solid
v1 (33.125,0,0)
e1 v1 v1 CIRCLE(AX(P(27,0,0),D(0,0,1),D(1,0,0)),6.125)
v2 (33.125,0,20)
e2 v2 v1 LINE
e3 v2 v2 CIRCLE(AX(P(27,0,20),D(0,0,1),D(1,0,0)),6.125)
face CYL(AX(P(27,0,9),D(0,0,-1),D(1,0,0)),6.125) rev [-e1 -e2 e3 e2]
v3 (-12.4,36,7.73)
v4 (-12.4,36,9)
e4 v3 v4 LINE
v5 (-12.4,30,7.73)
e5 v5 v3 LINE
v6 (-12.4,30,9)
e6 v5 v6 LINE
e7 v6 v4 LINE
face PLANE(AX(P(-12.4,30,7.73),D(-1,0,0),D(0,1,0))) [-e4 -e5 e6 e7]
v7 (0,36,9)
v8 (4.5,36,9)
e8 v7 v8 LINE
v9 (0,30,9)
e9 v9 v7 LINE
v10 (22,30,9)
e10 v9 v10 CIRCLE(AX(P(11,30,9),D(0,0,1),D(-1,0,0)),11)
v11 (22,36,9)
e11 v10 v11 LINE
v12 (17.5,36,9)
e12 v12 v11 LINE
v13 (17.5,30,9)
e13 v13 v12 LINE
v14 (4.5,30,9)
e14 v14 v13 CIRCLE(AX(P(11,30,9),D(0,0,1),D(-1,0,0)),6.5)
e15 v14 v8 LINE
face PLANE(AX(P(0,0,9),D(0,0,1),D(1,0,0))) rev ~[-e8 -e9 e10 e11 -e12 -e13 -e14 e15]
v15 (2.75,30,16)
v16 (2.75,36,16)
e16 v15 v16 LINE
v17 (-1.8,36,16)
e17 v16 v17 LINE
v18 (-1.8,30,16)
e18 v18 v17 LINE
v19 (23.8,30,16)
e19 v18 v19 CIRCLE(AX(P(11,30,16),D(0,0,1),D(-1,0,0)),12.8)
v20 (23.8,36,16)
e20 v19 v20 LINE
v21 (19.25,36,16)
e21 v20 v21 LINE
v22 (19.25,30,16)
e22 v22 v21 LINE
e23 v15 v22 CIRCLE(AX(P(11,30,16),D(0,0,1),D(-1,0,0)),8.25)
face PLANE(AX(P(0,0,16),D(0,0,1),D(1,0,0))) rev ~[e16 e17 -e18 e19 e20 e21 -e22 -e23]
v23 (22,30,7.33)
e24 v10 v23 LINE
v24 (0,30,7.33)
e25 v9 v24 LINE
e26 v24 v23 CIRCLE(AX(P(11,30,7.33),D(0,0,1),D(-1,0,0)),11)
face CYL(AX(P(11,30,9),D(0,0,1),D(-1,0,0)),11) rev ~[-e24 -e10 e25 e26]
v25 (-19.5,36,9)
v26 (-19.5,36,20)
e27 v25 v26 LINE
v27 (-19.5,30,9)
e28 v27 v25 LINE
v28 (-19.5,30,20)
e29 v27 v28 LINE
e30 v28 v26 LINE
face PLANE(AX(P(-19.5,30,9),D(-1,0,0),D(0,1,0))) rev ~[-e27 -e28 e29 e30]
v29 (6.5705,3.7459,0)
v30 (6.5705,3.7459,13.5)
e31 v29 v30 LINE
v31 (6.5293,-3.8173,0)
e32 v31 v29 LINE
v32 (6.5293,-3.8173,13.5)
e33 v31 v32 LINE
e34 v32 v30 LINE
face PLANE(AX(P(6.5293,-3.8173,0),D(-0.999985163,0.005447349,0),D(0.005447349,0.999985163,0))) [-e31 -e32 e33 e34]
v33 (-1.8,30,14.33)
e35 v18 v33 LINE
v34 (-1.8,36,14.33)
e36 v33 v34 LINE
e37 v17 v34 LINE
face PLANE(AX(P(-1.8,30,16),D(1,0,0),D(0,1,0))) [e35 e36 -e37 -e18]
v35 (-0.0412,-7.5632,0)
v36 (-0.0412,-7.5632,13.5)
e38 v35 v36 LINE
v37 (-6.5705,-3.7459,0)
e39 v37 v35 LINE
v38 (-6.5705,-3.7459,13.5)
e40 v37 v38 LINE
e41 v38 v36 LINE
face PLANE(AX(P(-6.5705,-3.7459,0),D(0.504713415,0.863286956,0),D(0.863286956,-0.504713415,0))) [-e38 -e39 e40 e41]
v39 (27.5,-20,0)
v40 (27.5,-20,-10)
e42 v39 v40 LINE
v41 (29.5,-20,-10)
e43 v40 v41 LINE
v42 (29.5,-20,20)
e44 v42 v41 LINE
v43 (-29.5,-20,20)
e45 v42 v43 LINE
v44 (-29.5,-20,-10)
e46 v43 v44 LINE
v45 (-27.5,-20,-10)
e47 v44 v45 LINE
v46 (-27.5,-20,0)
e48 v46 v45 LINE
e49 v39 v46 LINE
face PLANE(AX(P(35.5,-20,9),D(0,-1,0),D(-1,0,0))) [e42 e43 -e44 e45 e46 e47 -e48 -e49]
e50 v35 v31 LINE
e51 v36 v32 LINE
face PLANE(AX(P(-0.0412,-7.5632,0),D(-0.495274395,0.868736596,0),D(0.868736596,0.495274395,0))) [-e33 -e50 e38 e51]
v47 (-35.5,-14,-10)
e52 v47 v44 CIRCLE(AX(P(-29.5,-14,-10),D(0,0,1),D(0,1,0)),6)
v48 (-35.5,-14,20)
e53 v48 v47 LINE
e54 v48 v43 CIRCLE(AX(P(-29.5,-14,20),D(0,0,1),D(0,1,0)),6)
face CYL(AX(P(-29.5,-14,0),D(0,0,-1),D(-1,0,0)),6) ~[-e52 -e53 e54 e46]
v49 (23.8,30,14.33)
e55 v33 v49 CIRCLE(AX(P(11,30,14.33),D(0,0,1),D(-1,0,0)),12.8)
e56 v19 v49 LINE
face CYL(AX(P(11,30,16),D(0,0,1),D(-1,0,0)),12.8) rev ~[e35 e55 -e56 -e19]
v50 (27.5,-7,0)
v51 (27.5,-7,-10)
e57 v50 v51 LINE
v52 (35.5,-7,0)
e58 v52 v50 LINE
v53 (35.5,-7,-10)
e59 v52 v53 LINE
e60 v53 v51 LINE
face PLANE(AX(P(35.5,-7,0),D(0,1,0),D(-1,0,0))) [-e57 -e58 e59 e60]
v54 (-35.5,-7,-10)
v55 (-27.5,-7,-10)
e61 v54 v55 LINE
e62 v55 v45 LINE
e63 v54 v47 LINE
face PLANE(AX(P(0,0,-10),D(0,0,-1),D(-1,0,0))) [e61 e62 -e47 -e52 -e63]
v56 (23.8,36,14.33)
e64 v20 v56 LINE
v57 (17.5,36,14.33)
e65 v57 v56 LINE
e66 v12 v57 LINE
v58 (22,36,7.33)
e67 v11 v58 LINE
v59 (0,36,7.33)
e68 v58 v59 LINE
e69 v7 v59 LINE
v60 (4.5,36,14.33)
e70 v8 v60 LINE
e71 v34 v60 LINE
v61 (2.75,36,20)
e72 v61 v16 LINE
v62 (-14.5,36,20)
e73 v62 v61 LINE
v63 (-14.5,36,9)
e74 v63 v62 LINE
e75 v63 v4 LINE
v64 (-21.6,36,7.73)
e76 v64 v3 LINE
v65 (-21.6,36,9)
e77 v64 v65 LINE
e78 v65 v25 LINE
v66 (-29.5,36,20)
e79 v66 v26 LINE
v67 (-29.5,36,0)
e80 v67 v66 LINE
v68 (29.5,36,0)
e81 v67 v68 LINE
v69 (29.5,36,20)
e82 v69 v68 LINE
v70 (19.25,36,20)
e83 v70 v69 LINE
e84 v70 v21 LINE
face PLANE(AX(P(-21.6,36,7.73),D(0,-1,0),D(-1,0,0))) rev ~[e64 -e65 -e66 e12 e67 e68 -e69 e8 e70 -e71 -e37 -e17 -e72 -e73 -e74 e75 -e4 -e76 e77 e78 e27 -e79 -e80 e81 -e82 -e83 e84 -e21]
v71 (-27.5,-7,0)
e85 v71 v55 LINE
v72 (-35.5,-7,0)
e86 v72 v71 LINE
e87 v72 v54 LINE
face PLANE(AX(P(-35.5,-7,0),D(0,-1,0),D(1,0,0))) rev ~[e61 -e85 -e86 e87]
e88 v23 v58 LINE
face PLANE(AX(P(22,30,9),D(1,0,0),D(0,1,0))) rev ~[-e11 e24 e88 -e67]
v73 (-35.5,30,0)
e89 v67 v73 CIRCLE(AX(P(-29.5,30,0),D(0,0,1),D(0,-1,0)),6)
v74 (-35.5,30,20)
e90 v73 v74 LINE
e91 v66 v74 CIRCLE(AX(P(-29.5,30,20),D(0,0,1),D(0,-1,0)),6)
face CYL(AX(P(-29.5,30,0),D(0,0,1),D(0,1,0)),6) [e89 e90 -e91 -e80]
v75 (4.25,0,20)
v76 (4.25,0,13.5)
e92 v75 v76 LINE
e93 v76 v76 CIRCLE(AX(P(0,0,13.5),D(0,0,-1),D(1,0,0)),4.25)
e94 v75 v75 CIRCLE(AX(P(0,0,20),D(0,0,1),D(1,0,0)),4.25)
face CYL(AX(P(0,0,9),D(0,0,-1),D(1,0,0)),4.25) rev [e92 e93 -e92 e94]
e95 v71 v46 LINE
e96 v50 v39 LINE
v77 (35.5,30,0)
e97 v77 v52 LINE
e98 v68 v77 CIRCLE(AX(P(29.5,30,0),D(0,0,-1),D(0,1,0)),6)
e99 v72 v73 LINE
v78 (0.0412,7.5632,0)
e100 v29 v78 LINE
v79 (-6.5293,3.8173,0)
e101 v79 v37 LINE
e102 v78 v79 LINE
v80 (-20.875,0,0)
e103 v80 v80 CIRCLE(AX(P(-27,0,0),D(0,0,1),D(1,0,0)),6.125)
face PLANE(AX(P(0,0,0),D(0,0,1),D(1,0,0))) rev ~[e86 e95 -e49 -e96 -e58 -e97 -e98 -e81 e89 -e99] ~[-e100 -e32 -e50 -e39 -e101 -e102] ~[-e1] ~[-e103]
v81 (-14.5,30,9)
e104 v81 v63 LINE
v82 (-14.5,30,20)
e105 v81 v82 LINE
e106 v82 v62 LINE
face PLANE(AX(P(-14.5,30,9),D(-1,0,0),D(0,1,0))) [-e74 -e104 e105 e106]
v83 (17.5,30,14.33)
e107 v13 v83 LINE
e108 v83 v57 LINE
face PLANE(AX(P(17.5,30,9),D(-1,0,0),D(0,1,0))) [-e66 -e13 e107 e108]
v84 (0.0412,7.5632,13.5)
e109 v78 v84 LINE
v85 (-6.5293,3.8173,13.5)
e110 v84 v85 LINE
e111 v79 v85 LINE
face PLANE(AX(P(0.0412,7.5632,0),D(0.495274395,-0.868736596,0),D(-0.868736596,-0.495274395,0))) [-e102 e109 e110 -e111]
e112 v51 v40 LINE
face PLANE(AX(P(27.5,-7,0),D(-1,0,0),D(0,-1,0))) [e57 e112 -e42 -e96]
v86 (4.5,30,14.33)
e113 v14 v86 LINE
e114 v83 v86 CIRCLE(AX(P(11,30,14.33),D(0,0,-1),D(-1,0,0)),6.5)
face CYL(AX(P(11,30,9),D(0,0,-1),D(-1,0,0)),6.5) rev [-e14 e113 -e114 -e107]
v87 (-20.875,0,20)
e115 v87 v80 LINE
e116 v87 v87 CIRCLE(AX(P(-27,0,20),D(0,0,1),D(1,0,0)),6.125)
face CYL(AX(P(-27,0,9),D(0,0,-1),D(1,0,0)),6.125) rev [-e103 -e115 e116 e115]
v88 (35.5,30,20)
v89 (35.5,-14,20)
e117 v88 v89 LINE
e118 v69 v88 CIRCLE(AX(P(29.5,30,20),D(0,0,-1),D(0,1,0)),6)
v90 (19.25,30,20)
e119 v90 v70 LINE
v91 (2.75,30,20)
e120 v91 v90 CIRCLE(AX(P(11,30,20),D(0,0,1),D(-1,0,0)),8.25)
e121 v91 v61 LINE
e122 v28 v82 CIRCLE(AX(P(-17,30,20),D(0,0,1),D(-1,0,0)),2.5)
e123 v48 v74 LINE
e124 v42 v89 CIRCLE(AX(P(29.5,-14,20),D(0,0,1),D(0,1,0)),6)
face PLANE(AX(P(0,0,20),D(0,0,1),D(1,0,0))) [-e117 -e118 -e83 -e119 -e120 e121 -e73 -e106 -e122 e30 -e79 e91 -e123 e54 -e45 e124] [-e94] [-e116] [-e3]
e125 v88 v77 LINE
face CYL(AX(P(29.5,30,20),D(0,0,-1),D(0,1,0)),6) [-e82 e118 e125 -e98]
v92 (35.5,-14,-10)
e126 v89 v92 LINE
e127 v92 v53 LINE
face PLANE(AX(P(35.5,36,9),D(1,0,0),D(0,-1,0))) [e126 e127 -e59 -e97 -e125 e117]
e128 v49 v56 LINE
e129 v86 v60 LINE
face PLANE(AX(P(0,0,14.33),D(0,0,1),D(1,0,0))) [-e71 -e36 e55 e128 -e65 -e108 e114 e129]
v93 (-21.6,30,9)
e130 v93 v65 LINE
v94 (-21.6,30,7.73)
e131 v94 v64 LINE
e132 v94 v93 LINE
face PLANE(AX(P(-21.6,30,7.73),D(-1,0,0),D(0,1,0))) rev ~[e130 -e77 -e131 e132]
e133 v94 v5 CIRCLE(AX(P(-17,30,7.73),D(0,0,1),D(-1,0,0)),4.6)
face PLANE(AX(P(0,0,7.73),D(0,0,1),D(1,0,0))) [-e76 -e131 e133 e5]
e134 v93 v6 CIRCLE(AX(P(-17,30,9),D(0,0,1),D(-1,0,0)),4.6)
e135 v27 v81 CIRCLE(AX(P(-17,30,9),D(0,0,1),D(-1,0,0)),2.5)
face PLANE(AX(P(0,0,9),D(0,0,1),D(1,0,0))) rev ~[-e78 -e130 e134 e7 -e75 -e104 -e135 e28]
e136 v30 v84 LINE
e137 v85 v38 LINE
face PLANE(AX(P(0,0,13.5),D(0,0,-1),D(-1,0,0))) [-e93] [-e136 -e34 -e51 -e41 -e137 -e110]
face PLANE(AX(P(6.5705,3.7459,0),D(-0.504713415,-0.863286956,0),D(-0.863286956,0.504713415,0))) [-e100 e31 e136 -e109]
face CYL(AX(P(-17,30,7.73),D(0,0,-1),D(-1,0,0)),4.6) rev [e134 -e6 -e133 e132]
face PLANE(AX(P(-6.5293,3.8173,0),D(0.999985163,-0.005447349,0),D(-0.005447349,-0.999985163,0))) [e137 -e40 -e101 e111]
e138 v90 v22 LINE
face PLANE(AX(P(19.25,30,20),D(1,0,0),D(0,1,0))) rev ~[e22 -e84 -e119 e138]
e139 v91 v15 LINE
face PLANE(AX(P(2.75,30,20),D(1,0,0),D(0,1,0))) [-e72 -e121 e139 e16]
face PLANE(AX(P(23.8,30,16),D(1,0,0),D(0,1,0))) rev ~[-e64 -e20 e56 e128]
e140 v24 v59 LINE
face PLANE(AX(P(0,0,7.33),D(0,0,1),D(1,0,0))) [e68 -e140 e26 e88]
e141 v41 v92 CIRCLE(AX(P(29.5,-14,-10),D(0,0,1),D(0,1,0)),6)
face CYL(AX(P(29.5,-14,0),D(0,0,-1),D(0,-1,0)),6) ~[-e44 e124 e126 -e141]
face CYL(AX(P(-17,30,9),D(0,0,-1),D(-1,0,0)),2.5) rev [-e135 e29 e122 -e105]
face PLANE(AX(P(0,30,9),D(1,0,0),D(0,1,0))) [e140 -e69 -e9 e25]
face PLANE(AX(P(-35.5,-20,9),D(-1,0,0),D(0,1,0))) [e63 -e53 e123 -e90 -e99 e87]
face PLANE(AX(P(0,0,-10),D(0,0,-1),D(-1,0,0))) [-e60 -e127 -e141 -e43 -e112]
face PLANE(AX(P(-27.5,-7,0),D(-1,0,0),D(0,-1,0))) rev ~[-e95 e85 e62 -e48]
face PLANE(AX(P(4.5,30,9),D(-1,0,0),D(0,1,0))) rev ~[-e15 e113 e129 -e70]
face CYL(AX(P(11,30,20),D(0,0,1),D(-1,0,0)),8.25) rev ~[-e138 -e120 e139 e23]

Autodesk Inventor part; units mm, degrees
ref_plane "YZ Plane" through (0, 0, 0) normal (1, 0, 0) x (0, 1, 0)
ref_plane "XZ Plane" through (0, 0, 0) normal (0, 1, 0) x (-1, 0, 0)
ref_plane "XY Plane" through (0, 0, 0) normal (0, 0, 1) x (1, 0, 0)
sketch "Skizze1" plane through (0, 0, 0) normal (0, 0, 1) x (1, 0, 0)
  line L0 (-35.5, 36) -> (35.5, 36)
  line L1 (35.5, 36) -> (35.5, -20)
  line L2 (35.5, -20) -> (-35.5, -20)
  line L3 (-35.5, -20) -> (-35.5, 36)
  circle A0 centre (0, 0) radius 4.25
  circle A1 centre (-27, 0) radius 6.125
  circle A2 centre (27, 0) radius 6.125
  point P0 (0, -20)
  point P1 (35.5, 8)
  dimension "d0" = 71
  dimension "d1" = 56
  dimension "d2" = 20
  dimension "d3" = 35.5
  dimension "d4" = 8.5
  dimension "d5" = 12.25
  dimension "d6" = 12.25
  dimension "d7" = 27
  dimension "d8" = 27
extrude "Extrusion1" add sketch "Skizze1" along normal blind 9
sketch "Skizze2" plane through (0, 0, 9) normal (0, 0, 1) x (1, 0, 0)
  arc A0 (-22.5, 30) -> (-11.5, 30) centre (-17, 30) ccw
  arc A1 (0, 30) -> (22, 30) centre (11, 30) ccw
  line L0 (35.5, 36) -> (-35.5, 36) projected
  line L1 (-35.5, 36) -> (-35.5, -20) projected
  line L2 (35.5, -20) -> (35.5, 36) projected
  line L3 (-22.5, 30) -> (-22.5, 36)
  line L4 (-11.5, 30) -> (-11.5, 36)
  line L5 (0, 30) -> (0, 36)
  line L6 (22, 30) -> (22, 36)
  point P0 (0, 0)
  dimension "d11" = 11
  dimension "d12" = 22
  dimension "d13" = 6
  dimension "d14" = 6
  dimension "d15" = 18.5
  dimension "d16" = 24.5
extrude "Extrusion2" cut sketch "Skizze2" against normal blind 1.67
sketch "Skizze3" plane through (0, 0, 9) normal (0, 0, 1) x (1, 0, 0)
  line L0 (-22.5, 36) -> (-35.5, 36) projected
  line L1 (35.5, 36) -> (35.5, -20)
  line L2 (35.5, -20) -> (-35.5, -20)
  line L3 (-35.5, -20) -> (-35.5, 36)
  circle A0 centre (-27, 0) radius 6.125
  circle A1 centre (0, 0) radius 4.25
  circle A2 centre (27, 0) radius 6.125
  circle A3 centre (27, 0) radius 6.125 projected
  circle A4 centre (-27, 0) radius 6.125 projected
  arc A5 (-19.5, 30) -> (-14.5, 30) centre (-17, 30) ccw
  arc A6 (-22.5, 30) -> (-11.5, 30) centre (-17, 30) ccw projected
  arc A7 (4.5, 30) -> (17.5, 30) centre (11, 30) ccw
  arc A8 (0, 30) -> (22, 30) centre (11, 30) ccw projected
  line L4 (-19.5, 30) -> (-19.5, 36)
  line L5 (-14.5, 30) -> (-14.5, 36)
  line L6 (4.5, 30) -> (4.5, 36)
  line L7 (17.5, 30) -> (17.5, 36)
  line L8 (17.5, 36) -> (35.5, 36)
  line L9 (-35.5, 36) -> (-19.5, 36)
  line L10 (-14.5, 36) -> (4.5, 36)
  dimension "d19" = 71
  dimension "d20" = 56
  dimension "d21" = 12.25
  dimension "d22" = 12.25
  dimension "d23" = 0
  dimension "d24" = 0
  dimension "d25" = 5
  dimension "d26" = 0
  dimension "d27" = 13
  dimension "d28" = 0
  dimension "d29" = 0
  dimension "d30" = 0
extrude "Extrusion3" add sketch "Skizze3" along normal blind 11
fillet "Rundung1" radius 6 2 edges at (35.5, 36, 10) (-35.5, 36, 10)
fillet "Rundung2" radius 3 2 edges at (-35.5, -20, 10) (35.5, -20, 10)
sketch "Skizze4" plane through (0, 0, 20) normal (0, 0, 1) x (1, 0, 0)
  line L0 (-32.5, -20) -> (32.5, -20) projected
  line L1 (-35.5, 30) -> (-35.5, -17) projected
  line L2 (-27.5, -20) -> (-35.5, -20)
  line L3 (-35.5, -20) -> (-35.5, -7)
  line L4 (-35.5, -7) -> (-27.5, -7)
  line L5 (-27.5, -7) -> (-27.5, -20)
  line L6 (27.5, -20) -> (35.5, -20)
  line L7 (35.5, -20) -> (35.5, -7)
  line L8 (35.5, -7) -> (27.5, -7)
  line L9 (27.5, -7) -> (27.5, -20)
  line L10 (35.5, -17) -> (35.5, 30) projected
  point P0 (0, 0)
  point P1 (-35.5, -17)
  dimension "d35" = 8
  dimension "d36" = 13
  dimension "d37" = 8
  dimension "d38" = 0
sketch "Skizze5" plane through (0, 0, 0) normal (0, 0, -1) x (-1, 0, 0)
  line L0 (32.5, -20) -> (-32.5, -20) projected
  line L1 (35.5, 30) -> (35.5, -17) projected
  line L2 (27.5, -20) -> (35.5, -20)
  line L3 (35.5, -20) -> (35.5, -7)
  line L4 (35.5, -7) -> (27.5, -7)
  line L5 (27.5, -7) -> (27.5, -20)
  line L6 (-35.5, -14) -> (-35.5, -7) projected
  line L7 (-35.5, -7) -> (-27.5, -7)
  line L8 (-27.5, -7) -> (-27.5, -20)
  line L9 (-27.5, -20) -> (-35.5, -20)
  line L10 (-35.5, -20) -> (-35.5, -7)
  point P0 (0, 0)
  point P1 (29.5, -20)
  point P2 (-29.5, -20)
  point P3 (35.5, -14)
  point P4 (29.5, -20)
  point P5 (35.5, -14)
  point P6 (-29.5, -20)
  dimension "d42" = 13
  dimension "d43" = 8
  dimension "d44" = 8
extrude "Extrusion5" add sketch "Skizze5" along normal blind 10
fillet "Rundung4" radius 6 2 edges at (-35.5, -20, -5) (35.5, -20, -5)
sketch "Skizze6" plane through (0, 0, 0) normal (0, 0, -1) x (-1, 0, 0)
  line L0 (6.5705, -3.7459) -> (0.0412, -7.5632)
  line L1 (0.0412, -7.5632) -> (-6.5293, -3.8173)
  line L2 (-6.5293, -3.8173) -> (-6.5705, 3.7459)
  line L3 (-6.5705, 3.7459) -> (-0.0412, 7.5632)
  line L4 (-0.0412, 7.5632) -> (6.5293, 3.8173)
  line L5 (6.5293, 3.8173) -> (6.5705, -3.7459)
  point P0 (0, 0)
  point P1 (0, 0)
  point P2 (-6.5499, -0.0357)
  dimension "d48" = 13.1
extrude "Extrusion6" cut sketch "Skizze6" against normal blind 13.5
sketch "Skizze7" plane through (0, 0, 7.33) normal (0, 0, 1) x (1, 0, 0)
  arc A0 (-22.5, 30) -> (-11.5, 30) centre (-17, 30) ccw projected
  line L0 (-22.5, 30) -> (-22.5, 36) projected
  line L1 (-11.5, 36) -> (-11.5, 30) projected
  line L2 (-22.5, 36) -> (-11.5, 36) projected
  point P0 (0, 0)
extrude "Extrusion7" add sketch "Skizze7" along normal blind 0.4
sketch "Skizze8" plane through (0, 0, 7.73) normal (0, 0, 1) x (1, 0, 0)
  arc A0 (-22.5, 30) -> (-11.5, 30) centre (-17, 30) ccw projected
  arc A1 (-21.6, 30) -> (-12.4, 30) centre (-17, 30) ccw
  line L0 (-21.6, 30) -> (-21.6, 36)
  line L1 (-11.5, 36) -> (-22.5, 36) projected
  line L2 (-12.4, 30) -> (-12.4, 36)
  line L3 (-22.5, 30) -> (-22.5, 36) projected
  line L4 (-11.5, 36) -> (-11.5, 30) projected
  line L5 (4.5, 36) -> (-14.5, 36) projected
  line L6 (-19.5, 36) -> (-29.5, 36) projected
  point P0 (0, 0)
  dimension "d53" = 9.2
extrude "Extrusion8" add sketch "Skizze8" along normal blind 1.27 contours L3 L1 L0 A1 L2 L4 A0
sketch "Skizze9" plane through (0, 0, 20) normal (0, 0, 1) x (1, 0, 0)
  arc A0 (0, 30) -> (22, 30) centre (11, 30) ccw projected
  line L0 (2.75, 30) -> (2.75, 36)
  line L1 (0, 36) -> (22, 36) projected
  line L2 (19.25, 30) -> (19.25, 36)
  arc A1 (2.75, 30) -> (19.25, 30) centre (11, 30) ccw
  point P0 (0, 0)
extrude "Extrusion9" cut sketch "Skizze9" against normal blind 4
sketch "Skizze10" plane through (0, 0, 16) normal (0, 0, 1) x (1, 0, 0)
  arc A0 (0, 30) -> (22, 30) centre (11, 30) ccw projected
  line L0 (-1.8, 30) -> (-1.8, 36)
  line L1 (0, 36) -> (22, 36) projected
  line L2 (2.75, 36) -> (-14.5, 36) projected
  line L3 (29.5, 36) -> (19.25, 36) projected
  line L4 (23.8, 30) -> (23.8, 36)
  arc A1 (-1.8, 30) -> (23.8, 30) centre (11, 30) ccw
  point P0 (0, 0)
extrude "Extrusion10" cut sketch "Skizze10" against normal blind 1.67
properties part number "Guideteil_Spritzenpumpe001"
